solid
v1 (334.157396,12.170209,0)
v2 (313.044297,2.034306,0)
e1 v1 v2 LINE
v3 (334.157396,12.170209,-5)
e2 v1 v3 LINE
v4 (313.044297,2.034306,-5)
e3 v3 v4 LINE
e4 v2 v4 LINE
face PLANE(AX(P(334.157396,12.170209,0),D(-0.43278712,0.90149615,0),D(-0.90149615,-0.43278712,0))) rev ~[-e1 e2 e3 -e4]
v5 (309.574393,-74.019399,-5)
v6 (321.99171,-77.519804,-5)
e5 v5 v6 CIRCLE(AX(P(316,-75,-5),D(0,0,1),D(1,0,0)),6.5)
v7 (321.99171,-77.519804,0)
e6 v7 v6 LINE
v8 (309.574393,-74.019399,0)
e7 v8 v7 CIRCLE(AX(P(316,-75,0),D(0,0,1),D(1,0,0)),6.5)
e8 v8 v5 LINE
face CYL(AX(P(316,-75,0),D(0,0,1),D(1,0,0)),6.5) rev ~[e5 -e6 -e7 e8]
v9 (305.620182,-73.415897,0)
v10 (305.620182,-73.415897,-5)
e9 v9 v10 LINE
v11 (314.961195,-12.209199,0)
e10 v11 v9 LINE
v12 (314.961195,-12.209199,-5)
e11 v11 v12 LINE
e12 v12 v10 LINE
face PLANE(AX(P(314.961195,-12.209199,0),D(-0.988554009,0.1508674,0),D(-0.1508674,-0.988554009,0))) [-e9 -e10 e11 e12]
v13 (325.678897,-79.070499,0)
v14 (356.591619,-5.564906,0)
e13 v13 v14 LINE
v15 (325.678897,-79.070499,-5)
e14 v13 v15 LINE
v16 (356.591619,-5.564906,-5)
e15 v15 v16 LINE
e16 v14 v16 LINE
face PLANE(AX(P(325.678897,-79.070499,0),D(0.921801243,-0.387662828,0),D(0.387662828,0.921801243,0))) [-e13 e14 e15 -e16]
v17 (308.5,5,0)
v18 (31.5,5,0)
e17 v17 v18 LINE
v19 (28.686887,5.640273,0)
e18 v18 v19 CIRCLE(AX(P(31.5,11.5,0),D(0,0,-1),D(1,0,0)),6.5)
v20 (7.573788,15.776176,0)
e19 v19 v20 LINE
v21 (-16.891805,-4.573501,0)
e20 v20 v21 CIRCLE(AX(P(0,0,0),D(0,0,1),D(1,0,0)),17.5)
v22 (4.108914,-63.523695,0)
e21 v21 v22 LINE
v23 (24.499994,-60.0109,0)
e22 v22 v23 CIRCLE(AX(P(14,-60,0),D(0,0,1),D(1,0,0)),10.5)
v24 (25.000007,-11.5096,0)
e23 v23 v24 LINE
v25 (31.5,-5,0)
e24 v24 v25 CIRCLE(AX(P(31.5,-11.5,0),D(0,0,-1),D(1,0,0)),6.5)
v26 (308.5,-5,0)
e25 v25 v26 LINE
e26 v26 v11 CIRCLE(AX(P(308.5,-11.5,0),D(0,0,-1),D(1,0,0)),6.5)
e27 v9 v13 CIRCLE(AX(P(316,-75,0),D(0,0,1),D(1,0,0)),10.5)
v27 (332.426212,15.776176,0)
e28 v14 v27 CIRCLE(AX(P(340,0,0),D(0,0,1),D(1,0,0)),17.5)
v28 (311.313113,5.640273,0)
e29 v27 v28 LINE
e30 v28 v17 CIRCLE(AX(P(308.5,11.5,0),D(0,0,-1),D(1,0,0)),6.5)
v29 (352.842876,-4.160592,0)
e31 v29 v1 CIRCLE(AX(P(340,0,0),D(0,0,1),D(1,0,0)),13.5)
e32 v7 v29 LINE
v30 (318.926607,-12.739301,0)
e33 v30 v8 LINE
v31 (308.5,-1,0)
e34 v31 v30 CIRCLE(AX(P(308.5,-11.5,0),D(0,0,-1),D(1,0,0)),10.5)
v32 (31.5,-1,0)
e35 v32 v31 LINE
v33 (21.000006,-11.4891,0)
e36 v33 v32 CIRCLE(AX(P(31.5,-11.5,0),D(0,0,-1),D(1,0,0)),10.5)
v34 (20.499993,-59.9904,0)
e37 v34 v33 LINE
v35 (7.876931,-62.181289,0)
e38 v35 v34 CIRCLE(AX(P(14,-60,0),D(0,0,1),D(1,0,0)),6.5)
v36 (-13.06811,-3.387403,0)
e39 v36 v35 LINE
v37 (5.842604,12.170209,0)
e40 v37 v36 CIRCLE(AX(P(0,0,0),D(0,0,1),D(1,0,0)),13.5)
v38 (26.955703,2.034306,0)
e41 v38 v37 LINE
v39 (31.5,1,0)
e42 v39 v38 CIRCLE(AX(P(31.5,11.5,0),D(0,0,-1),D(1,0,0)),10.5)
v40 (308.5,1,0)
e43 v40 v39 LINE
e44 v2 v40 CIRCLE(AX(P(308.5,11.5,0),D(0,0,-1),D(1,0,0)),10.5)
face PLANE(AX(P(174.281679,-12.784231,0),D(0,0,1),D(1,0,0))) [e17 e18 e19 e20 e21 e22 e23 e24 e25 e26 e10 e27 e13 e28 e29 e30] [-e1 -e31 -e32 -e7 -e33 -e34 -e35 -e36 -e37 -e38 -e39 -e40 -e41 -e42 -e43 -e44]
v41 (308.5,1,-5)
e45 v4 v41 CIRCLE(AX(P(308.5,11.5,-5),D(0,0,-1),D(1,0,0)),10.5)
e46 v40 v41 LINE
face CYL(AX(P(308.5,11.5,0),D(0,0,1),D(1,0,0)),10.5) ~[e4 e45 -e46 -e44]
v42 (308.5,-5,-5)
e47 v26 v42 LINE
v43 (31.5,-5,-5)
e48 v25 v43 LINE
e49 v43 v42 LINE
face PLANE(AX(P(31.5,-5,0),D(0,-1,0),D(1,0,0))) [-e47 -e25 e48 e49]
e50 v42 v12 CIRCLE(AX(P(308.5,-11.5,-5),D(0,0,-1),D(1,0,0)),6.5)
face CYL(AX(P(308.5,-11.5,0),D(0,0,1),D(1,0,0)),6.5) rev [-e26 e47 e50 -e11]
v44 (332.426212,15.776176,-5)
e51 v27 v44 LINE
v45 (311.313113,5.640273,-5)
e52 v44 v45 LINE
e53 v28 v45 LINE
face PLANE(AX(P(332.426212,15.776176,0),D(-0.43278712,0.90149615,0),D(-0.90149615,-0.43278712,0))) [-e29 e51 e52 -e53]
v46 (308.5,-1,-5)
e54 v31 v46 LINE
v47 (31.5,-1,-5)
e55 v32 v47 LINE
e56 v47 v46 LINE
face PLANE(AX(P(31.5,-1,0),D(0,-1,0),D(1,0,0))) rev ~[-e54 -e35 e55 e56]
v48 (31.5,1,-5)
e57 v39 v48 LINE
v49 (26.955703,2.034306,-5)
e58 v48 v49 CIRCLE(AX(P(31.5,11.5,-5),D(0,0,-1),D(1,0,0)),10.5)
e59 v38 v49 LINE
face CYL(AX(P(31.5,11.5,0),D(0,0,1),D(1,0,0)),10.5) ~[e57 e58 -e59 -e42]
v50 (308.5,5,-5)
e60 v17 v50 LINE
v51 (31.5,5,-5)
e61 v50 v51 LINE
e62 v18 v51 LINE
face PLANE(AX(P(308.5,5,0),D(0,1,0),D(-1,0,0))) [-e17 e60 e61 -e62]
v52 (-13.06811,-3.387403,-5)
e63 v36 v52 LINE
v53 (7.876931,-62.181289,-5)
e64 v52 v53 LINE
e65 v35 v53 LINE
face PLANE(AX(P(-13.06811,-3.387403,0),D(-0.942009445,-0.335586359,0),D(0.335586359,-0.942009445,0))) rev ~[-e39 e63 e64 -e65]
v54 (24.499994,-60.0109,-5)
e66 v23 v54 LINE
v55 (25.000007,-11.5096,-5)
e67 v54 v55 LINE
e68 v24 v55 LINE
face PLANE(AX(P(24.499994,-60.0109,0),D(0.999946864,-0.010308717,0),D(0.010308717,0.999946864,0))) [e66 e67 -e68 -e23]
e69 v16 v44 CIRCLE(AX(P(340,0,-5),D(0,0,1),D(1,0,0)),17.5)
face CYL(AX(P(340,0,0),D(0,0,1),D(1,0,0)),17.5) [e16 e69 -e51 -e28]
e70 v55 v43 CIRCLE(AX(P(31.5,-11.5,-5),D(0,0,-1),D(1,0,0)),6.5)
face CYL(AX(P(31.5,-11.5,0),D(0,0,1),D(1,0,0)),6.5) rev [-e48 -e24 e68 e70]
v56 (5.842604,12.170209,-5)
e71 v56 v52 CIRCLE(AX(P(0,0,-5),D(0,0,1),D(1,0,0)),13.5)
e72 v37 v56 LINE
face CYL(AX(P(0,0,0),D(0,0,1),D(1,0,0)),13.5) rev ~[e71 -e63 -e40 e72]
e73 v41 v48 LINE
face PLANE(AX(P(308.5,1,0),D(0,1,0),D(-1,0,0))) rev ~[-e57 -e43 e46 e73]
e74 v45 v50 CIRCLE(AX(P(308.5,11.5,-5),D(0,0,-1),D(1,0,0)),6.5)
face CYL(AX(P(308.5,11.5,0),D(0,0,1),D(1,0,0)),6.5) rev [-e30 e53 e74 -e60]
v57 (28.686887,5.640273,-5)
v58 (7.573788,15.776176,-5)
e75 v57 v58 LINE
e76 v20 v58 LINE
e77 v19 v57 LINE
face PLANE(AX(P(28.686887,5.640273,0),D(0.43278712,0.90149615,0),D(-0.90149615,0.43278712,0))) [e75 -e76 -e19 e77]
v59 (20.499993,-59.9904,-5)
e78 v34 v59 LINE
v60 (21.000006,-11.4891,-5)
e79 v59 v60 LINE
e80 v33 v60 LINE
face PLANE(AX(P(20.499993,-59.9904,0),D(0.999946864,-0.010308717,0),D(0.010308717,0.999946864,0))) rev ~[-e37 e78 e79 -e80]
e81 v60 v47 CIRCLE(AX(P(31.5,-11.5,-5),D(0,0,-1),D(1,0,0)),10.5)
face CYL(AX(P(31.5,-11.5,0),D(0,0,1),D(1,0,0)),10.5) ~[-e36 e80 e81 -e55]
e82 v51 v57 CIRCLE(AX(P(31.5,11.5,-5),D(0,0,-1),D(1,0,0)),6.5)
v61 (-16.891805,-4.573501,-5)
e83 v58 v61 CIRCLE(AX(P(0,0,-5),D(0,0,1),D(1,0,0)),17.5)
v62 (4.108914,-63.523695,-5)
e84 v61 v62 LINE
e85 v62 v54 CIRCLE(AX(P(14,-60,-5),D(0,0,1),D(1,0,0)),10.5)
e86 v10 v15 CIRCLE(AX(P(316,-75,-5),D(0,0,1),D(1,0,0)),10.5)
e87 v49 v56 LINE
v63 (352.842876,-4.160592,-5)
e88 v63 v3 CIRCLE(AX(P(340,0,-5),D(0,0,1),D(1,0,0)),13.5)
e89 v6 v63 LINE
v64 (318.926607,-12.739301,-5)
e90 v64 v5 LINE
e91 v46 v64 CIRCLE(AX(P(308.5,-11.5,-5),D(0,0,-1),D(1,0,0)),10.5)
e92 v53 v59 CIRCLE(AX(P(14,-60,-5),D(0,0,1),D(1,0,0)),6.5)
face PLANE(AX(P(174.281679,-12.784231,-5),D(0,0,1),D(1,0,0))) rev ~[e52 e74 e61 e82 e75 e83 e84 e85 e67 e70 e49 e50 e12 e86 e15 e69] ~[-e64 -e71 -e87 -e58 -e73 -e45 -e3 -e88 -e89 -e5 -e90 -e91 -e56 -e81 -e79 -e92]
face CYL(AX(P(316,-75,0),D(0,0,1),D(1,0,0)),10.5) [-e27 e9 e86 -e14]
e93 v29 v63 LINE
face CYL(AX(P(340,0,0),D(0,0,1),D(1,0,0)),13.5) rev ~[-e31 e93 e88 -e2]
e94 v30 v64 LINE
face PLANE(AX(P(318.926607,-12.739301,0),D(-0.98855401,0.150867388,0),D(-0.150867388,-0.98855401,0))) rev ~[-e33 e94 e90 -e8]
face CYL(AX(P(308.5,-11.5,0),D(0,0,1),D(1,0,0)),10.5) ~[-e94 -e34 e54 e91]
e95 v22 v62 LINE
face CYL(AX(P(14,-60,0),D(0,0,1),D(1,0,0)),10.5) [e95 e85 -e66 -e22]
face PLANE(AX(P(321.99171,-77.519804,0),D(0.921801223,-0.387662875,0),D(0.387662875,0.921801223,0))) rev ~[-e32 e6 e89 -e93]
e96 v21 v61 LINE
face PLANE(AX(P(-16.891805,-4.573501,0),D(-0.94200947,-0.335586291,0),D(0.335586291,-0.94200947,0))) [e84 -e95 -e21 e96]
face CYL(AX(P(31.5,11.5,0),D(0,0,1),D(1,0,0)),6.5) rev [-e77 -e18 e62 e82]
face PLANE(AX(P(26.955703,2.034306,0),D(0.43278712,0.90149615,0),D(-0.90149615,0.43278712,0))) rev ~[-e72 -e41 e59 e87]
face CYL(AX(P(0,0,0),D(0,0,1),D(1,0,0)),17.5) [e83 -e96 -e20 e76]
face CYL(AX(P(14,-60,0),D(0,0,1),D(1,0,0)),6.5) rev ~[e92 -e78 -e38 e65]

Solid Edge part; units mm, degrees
sketch "Sketch1" plane through (0, 0, 0) normal (0, 0, 1) x (1, 0, 0)
  line L0 (31.5, -1) -> (308.5, -1)
  arc A0 (308.5, -1) -> (318.9266, -12.7393) centre (308.5, -11.5) cw
  line L1 (318.9266, -12.7393) -> (309.5744, -74.0194)
  arc A1 (309.5744, -74.0194) -> (321.9917, -77.5198) centre (316, -75) ccw
  line L2 (321.9917, -77.5198) -> (352.8429, -4.1606)
  arc A2 (352.8429, -4.1606) -> (334.1574, 12.1702) centre (340, 0) ccw
  line L3 (334.1574, 12.1702) -> (313.0443, 2.0343)
  arc A3 (313.0443, 2.0343) -> (308.5, 1) centre (308.5, 11.5) cw
  line L4 (308.5, 1) -> (31.5, 1)
  arc A4 (31.5, 1) -> (26.9557, 2.0343) centre (31.5, 11.5) cw
  line L5 (26.9557, 2.0343) -> (5.8426, 12.1702)
  arc A5 (5.8426, 12.1702) -> (-13.0681, -3.3874) centre (0, 0) ccw
  line L6 (-13.0681, -3.3874) -> (7.8769, -62.1813)
  arc A6 (7.8769, -62.1813) -> (20.5, -59.9904) centre (14, -60) ccw
  line L7 (20.5, -59.9904) -> (21, -11.4891)
  arc A7 (21, -11.4891) -> (31.5, -1) centre (31.5, -11.5) cw
  line L8 (31.5, -5) -> (308.5, -5)
  arc A8 (308.5, -5) -> (314.9612, -12.2092) centre (308.5, -11.5) cw
  line L9 (314.9612, -12.2092) -> (305.6202, -73.4159)
  arc A9 (305.6202, -73.4159) -> (325.6789, -79.0705) centre (316, -75) ccw
  line L10 (325.6789, -79.0705) -> (356.5916, -5.5649)
  arc A10 (356.5916, -5.5649) -> (332.4262, 15.7762) centre (340, 0) ccw
  line L11 (332.4262, 15.7762) -> (311.3131, 5.6403)
  arc A11 (311.3131, 5.6403) -> (308.5, 5) centre (308.5, 11.5) cw
  line L12 (308.5, 5) -> (31.5, 5)
  arc A12 (31.5, 5) -> (28.6869, 5.6403) centre (31.5, 11.5) cw
  line L13 (28.6869, 5.6403) -> (7.5738, 15.7762)
  arc A13 (7.5738, 15.7762) -> (-16.8918, -4.5735) centre (0, 0) ccw
  line L14 (-16.8918, -4.5735) -> (4.1089, -63.5237)
  arc A14 (4.1089, -63.5237) -> (24.5, -60.0109) centre (14, -60) ccw
  line L15 (24.5, -60.0109) -> (25, -11.5096)
  arc A15 (25, -11.5096) -> (31.5, -5) centre (31.5, -11.5) cw
  dimension "D1" = 2
  dimension "D2" = 2
  dimension "D3" = 2
  dimension "D4" = 4
  dimension "D5" = 2
  dimension "D6" = 2
extrude "ExtrudedProtrusion_2" add sketch "Sketch1" against normal blind 5
